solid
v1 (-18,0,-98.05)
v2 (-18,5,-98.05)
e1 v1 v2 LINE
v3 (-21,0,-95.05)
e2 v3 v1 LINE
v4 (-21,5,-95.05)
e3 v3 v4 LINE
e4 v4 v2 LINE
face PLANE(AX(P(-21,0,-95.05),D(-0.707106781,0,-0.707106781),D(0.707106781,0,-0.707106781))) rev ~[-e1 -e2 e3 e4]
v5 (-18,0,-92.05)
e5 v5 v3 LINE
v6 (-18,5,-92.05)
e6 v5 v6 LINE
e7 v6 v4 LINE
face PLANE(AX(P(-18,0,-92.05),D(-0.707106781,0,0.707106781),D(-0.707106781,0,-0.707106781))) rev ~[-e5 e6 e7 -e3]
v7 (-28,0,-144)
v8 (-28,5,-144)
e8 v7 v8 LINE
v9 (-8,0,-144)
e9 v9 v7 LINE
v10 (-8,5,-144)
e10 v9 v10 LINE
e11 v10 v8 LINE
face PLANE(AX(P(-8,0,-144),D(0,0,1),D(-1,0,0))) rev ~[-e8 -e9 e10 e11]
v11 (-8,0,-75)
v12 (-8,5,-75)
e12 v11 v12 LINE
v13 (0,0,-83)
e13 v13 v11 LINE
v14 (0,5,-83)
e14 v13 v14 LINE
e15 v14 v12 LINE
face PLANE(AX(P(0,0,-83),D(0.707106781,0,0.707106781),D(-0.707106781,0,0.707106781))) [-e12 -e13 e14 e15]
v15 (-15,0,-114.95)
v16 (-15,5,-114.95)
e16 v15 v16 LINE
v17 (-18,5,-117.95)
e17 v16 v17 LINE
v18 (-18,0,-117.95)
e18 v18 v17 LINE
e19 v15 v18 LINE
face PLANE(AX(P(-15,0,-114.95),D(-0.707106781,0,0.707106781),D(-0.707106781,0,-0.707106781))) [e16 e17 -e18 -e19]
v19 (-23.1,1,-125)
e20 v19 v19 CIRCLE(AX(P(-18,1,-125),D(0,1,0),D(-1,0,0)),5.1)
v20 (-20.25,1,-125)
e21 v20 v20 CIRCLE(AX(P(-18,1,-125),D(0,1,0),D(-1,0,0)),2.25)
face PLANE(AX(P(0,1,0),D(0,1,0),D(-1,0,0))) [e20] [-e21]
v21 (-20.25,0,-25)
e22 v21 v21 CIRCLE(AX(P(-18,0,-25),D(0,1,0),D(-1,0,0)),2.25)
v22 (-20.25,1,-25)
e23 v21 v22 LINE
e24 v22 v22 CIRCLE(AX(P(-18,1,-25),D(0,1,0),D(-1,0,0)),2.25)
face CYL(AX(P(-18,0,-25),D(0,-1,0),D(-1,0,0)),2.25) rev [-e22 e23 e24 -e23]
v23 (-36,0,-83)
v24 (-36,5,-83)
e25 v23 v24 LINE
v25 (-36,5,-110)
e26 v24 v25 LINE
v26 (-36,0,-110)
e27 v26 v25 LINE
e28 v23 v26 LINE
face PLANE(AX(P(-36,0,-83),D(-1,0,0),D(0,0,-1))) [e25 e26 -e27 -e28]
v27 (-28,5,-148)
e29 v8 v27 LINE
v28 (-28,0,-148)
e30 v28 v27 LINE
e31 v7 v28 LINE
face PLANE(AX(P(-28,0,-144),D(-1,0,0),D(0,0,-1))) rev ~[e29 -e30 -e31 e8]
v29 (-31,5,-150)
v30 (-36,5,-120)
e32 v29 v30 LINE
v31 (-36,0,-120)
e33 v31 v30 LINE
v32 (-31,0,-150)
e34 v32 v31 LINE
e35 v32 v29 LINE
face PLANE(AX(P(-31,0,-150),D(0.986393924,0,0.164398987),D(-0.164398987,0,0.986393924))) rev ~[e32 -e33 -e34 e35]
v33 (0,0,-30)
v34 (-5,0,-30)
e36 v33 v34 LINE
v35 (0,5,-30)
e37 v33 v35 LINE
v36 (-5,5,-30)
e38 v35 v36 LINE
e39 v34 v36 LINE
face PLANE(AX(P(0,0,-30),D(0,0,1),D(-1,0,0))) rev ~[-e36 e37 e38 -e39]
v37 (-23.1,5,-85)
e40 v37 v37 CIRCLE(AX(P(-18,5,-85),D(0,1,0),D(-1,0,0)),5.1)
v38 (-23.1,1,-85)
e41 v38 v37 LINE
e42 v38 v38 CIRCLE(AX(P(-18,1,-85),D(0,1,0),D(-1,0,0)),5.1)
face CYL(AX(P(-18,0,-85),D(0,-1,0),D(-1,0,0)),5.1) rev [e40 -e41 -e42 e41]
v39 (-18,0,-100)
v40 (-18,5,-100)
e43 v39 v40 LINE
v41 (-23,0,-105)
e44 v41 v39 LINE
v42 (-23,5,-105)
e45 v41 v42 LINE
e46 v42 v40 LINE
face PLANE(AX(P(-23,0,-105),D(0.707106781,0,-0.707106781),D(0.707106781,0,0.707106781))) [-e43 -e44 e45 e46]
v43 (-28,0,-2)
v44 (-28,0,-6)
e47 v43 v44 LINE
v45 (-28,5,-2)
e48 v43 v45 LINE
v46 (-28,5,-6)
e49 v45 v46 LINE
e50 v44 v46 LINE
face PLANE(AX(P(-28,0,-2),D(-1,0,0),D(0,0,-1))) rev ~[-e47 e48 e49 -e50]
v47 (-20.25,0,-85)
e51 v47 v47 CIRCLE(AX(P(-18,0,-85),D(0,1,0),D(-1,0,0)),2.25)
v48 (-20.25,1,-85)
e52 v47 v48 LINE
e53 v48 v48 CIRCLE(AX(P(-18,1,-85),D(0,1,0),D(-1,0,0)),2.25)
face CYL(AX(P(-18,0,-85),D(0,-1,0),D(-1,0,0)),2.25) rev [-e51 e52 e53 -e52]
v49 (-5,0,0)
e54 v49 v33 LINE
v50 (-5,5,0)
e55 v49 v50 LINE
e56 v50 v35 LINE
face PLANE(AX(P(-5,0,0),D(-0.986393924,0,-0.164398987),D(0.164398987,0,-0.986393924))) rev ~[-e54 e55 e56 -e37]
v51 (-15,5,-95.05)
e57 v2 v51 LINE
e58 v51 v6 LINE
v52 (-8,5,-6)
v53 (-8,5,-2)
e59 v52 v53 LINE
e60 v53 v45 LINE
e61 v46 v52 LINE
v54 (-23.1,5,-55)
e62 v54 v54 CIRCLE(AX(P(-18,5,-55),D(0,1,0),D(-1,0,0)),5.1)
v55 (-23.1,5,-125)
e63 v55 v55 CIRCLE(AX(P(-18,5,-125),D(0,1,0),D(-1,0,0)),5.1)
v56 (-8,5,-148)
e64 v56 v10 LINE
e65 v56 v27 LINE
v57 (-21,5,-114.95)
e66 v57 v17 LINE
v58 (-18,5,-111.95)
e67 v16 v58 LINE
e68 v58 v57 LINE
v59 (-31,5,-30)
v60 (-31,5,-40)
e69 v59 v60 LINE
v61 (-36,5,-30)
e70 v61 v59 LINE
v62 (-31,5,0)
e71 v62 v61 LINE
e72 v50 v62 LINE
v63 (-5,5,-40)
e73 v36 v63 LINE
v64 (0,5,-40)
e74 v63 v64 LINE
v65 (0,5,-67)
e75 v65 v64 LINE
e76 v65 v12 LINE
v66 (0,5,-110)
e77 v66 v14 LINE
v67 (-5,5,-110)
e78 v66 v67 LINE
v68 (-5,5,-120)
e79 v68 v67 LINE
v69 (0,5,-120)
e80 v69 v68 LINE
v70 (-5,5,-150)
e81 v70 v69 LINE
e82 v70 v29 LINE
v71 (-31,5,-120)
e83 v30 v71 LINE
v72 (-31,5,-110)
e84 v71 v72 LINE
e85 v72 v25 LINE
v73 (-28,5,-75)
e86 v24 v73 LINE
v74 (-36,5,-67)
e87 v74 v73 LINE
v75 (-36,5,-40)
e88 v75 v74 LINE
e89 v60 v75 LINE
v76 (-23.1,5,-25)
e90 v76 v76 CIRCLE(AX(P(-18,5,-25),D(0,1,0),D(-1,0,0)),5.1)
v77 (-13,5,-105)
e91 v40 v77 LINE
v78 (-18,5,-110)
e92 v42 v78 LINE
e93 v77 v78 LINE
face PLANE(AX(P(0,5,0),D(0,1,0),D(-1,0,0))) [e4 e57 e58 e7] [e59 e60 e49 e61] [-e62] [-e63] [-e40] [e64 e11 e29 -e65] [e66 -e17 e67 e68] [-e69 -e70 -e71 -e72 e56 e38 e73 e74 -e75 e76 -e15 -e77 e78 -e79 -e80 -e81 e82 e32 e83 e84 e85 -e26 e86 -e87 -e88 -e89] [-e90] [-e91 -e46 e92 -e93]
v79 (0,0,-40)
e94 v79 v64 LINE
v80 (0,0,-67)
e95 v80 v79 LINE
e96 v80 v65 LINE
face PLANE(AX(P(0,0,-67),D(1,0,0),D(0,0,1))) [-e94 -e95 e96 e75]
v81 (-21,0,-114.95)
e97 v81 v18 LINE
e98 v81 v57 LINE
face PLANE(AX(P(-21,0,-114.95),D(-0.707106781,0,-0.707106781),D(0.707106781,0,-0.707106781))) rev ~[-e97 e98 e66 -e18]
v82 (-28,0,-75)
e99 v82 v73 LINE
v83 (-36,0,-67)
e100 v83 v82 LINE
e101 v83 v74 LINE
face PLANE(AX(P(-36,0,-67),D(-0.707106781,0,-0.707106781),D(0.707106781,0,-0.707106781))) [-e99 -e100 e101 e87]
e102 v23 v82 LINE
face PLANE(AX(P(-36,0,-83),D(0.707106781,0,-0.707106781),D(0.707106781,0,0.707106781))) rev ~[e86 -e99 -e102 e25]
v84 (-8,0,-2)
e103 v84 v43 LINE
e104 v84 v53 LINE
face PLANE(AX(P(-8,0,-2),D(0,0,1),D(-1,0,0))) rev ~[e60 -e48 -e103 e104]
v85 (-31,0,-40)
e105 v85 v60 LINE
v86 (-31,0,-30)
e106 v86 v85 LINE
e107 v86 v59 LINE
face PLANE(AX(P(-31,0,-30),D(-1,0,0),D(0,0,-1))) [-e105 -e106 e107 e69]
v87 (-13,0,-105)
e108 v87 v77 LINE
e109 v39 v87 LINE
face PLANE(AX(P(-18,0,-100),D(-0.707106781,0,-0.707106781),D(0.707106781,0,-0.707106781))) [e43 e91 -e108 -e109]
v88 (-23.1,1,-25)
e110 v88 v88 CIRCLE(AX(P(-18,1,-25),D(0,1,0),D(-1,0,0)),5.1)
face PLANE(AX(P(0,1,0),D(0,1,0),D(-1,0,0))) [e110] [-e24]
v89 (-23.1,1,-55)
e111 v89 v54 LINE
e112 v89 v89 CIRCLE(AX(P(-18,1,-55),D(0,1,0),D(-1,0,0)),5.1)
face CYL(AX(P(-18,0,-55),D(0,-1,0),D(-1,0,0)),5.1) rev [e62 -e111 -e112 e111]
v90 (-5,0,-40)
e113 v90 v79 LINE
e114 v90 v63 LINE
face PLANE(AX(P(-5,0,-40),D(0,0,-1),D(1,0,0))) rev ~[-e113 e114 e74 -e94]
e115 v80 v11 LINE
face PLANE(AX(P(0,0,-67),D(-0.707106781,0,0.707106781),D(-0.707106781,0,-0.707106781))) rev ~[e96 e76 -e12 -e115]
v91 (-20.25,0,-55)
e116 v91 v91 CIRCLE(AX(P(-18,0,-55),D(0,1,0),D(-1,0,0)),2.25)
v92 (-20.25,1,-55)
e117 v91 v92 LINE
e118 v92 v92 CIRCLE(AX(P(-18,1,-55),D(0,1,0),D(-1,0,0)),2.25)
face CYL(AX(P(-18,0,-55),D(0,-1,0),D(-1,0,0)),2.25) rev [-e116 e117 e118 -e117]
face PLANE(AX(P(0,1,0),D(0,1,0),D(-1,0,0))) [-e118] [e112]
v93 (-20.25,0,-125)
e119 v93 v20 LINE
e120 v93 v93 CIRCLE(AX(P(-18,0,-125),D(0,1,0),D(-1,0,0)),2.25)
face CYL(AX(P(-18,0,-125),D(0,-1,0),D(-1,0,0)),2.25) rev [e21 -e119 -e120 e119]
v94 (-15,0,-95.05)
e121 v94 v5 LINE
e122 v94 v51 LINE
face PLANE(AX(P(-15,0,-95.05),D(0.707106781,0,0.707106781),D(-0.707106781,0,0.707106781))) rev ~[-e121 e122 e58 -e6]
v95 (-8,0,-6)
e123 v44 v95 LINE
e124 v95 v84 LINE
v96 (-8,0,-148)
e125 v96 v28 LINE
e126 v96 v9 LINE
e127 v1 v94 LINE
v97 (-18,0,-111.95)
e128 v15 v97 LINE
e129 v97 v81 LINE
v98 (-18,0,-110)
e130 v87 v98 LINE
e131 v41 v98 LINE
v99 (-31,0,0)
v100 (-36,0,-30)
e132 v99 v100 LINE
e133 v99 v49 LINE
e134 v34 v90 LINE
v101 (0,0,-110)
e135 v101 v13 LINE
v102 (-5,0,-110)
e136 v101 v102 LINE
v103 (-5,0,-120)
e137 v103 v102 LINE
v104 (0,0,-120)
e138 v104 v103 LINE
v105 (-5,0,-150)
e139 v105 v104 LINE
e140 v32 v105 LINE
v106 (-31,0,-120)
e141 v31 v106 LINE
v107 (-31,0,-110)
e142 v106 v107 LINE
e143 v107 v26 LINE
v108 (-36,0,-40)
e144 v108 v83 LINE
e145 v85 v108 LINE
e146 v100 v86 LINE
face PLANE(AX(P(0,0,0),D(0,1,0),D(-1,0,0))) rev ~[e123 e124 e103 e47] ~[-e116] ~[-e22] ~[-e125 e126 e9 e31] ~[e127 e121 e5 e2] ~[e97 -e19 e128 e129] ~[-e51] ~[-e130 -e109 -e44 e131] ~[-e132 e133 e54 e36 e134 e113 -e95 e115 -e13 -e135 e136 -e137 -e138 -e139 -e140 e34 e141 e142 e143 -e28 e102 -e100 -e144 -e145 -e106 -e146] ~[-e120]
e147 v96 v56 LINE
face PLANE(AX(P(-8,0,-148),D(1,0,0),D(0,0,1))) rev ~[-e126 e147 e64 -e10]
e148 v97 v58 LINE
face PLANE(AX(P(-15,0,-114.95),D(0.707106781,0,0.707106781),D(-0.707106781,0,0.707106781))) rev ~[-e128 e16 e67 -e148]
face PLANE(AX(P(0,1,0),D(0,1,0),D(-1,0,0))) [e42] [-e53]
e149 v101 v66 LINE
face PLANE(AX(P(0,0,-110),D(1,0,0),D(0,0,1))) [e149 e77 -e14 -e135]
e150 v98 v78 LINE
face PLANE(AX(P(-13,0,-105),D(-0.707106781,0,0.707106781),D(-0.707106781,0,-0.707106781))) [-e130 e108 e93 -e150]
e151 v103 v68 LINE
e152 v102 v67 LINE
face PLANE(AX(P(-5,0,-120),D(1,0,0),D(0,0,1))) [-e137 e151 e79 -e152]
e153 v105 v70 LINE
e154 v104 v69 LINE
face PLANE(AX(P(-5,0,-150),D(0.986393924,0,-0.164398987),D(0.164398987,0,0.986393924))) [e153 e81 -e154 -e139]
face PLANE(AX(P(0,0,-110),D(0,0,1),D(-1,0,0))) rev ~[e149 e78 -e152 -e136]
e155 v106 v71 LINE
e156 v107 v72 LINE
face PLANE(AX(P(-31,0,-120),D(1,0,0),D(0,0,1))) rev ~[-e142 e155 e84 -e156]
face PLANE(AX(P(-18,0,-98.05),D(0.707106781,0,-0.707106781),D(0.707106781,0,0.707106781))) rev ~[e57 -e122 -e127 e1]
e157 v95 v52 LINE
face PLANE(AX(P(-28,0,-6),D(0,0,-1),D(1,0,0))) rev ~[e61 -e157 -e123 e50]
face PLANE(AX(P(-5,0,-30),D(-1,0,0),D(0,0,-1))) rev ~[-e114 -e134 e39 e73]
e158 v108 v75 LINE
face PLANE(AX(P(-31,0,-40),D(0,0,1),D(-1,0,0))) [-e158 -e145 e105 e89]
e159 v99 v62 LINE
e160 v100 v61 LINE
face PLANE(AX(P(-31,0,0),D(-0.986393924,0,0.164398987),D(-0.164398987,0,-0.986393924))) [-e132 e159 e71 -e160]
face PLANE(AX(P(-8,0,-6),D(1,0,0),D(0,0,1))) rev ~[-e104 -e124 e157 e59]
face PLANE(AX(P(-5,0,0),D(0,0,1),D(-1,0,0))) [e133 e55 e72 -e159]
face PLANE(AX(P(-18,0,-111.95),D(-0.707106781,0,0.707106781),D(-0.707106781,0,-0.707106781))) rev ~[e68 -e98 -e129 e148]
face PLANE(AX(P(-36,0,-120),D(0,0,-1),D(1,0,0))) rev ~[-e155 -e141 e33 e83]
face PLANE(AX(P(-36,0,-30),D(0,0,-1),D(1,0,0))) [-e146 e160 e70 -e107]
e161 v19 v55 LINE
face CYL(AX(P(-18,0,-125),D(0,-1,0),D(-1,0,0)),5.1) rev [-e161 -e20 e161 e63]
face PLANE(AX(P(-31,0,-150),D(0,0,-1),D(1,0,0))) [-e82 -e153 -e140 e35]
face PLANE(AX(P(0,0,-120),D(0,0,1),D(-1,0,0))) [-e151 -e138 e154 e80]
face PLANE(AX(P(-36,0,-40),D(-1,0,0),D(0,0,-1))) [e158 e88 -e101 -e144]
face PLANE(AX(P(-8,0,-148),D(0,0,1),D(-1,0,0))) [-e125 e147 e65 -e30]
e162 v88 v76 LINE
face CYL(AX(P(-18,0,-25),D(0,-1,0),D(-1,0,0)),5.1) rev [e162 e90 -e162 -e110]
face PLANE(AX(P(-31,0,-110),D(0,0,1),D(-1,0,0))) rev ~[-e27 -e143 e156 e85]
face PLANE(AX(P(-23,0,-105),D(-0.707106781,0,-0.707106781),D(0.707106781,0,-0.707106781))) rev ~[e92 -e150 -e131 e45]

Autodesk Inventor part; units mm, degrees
ref_plane "YZ Plane" through (0, 0, 0) normal (1, 0, 0) x (0, 1, 0)
ref_plane "XZ Plane" through (0, 0, 0) normal (0, 1, 0) x (-1, 0, 0)
ref_plane "XY Plane" through (0, 0, 0) normal (0, 0, 1) x (1, 0, 0)
sketch "Sketch1" plane through (0, 0, 0) normal (0, 1, 0) x (-1, 0, 0)
  line L0 (5, 0) -> (31, 0)
  line L1 (36, -30) -> (36, -120)
  line L2 (31, -150) -> (5, -150)
  line L3 (0, -120) -> (0, -30)
  circle A0 centre (18, -25) radius 5.1
  circle A1 centre (18, -55) radius 5.1
  circle A2 centre (18, -85) radius 5.1
  circle A3 centre (18, -125) radius 5.1
  line L4 (36, -30) -> (31, -30)
  line L5 (31, -30) -> (31, -40)
  line L6 (31, -40) -> (36, -40)
  line L7 (36, -120) -> (31, -120)
  line L8 (31, -120) -> (31, -110)
  line L9 (31, -110) -> (36, -110)
  line L10 (0, -30) -> (5, -30)
  line L11 (5, -30) -> (5, -40)
  line L12 (5, -40) -> (0, -40)
  line L13 (0, -120) -> (5, -120)
  line L14 (5, -120) -> (5, -110)
  line L15 (0, -110) -> (5, -110)
  circle A4 centre (18, -25) radius 2.25
  circle A5 centre (18, -55) radius 2.25
  circle A6 centre (18, -85) radius 2.25
  circle A7 centre (18, -125) radius 2.25
  line L16 (5, 0) -> (0, -30)
  line L17 (31, -150) -> (36, -120)
  line L18 (5, -150) -> (0, -120)
  line L19 (31, 0) -> (36, -30)
  line L20 (18, -100) -> (13, -105)
  line L21 (13, -105) -> (18, -110)
  line L22 (23, -105) -> (18, -110)
  line L23 (23, -105) -> (18, -100)
  line L24 (21, -114.95) -> (18, -117.95)
  line L25 (15, -114.95) -> (18, -117.95)
  line L26 (15, -114.95) -> (18, -111.95)
  line L27 (18, -111.95) -> (21, -114.95)
  line L28 (21, -95.05) -> (18, -98.05)
  line L29 (18, -98.05) -> (15, -95.05)
  line L30 (15, -95.05) -> (18, -92.05)
  line L31 (18, -92.05) -> (21, -95.05)
  line L32 (31, -150) -> (28, -150)
  line L33 (5, -150) -> (8, -150)
  line L34 (8, -148) -> (28, -148)
  line L35 (8, -148) -> (8, -144)
  line L36 (8, -144) -> (28, -144)
  line L37 (28, -144) -> (28, -148)
  line L38 (31, 0) -> (28, 0)
  line L39 (5, 0) -> (8, 0)
  line L40 (8, -2) -> (28, -2)
  line L41 (28, -2) -> (28, -6)
  line L42 (28, -6) -> (8, -6)
  line L43 (8, -6) -> (8, -2)
  line L44 (36, -75) -> (36, -83)
  line L45 (36, -75) -> (36, -67)
  line L46 (36, -67) -> (28, -75)
  line L47 (36, -83) -> (28, -75)
  line L48 (0, -75) -> (0, -83)
  line L49 (0, -75) -> (0, -67)
  line L50 (0, -67) -> (8, -75)
  line L51 (0, -83) -> (8, -75)
  point P0 (0, 0)
  point P1 (18, 0)
  point P2 (18, -150)
  dimension "d2" = 10.2
  dimension "d3" = 25
  dimension "d4" = 10.2
  dimension "d5" = 30
  dimension "d6" = 10.2
  dimension "d7" = 30
  dimension "d8" = 10.2
  dimension "d9" = 40
  dimension "d10" = 25
  dimension "d12" = 5
  dimension "d13" = 10
  dimension "d15" = 10
  dimension "d17" = 5
  dimension "d19" = 5
  dimension "d22" = 4.5
  dimension "d23" = 4.5
  dimension "d24" = 4.5
  dimension "d25" = 4.5
  dimension "d38" = 3
  dimension "d39" = 2
  dimension "d41" = 2
  dimension "d42" = 4
  dimension "d44" = 2
  dimension "d45" = 3
  dimension "d46" = 4
  dimension "d50" = 8
  dimension "d51" = 8
extrude "Extrusion1" add sketch "Sketch1" along normal blind 5 contours L0 L19 L4 L5 L6 L1 L46 L47 L9 L8 L7 L17 L2 L18 L13 L14 L15 L3 L51 L50 L12 L11 L10 L16
extrude "Extrusion2" add sketch "Sketch1" along normal blind 1 contours A0 | A1 | A2 | A3
sketch "Sketch2" plane through (0, 5, 0) normal (0, 1, 0) x (1, 0, 0)
  line L0 (-28, 75) -> (-36, 67) projected
  line L1 (-36, 110) -> (-36, 83) projected
  line L2 (-36, 67) -> (-36, 83)
  line L3 (-36, 83) -> (-28, 75) projected
  line L4 (-36, 83) -> (-28, 75)
  line L5 (-28, 75) -> (-36, 67)
  line L6 (0, 67) -> (-8, 75) projected
  line L7 (-8, 75) -> (0, 67)
  line L8 (0, 67) -> (0, 83)
  line L9 (0, 83) -> (-8, 75)
  line L10 (-36, 67) -> (0, 67)
  line L11 (-36, 83) -> (0, 83)
  point P0 (0, 0)
properties part number "Side"
